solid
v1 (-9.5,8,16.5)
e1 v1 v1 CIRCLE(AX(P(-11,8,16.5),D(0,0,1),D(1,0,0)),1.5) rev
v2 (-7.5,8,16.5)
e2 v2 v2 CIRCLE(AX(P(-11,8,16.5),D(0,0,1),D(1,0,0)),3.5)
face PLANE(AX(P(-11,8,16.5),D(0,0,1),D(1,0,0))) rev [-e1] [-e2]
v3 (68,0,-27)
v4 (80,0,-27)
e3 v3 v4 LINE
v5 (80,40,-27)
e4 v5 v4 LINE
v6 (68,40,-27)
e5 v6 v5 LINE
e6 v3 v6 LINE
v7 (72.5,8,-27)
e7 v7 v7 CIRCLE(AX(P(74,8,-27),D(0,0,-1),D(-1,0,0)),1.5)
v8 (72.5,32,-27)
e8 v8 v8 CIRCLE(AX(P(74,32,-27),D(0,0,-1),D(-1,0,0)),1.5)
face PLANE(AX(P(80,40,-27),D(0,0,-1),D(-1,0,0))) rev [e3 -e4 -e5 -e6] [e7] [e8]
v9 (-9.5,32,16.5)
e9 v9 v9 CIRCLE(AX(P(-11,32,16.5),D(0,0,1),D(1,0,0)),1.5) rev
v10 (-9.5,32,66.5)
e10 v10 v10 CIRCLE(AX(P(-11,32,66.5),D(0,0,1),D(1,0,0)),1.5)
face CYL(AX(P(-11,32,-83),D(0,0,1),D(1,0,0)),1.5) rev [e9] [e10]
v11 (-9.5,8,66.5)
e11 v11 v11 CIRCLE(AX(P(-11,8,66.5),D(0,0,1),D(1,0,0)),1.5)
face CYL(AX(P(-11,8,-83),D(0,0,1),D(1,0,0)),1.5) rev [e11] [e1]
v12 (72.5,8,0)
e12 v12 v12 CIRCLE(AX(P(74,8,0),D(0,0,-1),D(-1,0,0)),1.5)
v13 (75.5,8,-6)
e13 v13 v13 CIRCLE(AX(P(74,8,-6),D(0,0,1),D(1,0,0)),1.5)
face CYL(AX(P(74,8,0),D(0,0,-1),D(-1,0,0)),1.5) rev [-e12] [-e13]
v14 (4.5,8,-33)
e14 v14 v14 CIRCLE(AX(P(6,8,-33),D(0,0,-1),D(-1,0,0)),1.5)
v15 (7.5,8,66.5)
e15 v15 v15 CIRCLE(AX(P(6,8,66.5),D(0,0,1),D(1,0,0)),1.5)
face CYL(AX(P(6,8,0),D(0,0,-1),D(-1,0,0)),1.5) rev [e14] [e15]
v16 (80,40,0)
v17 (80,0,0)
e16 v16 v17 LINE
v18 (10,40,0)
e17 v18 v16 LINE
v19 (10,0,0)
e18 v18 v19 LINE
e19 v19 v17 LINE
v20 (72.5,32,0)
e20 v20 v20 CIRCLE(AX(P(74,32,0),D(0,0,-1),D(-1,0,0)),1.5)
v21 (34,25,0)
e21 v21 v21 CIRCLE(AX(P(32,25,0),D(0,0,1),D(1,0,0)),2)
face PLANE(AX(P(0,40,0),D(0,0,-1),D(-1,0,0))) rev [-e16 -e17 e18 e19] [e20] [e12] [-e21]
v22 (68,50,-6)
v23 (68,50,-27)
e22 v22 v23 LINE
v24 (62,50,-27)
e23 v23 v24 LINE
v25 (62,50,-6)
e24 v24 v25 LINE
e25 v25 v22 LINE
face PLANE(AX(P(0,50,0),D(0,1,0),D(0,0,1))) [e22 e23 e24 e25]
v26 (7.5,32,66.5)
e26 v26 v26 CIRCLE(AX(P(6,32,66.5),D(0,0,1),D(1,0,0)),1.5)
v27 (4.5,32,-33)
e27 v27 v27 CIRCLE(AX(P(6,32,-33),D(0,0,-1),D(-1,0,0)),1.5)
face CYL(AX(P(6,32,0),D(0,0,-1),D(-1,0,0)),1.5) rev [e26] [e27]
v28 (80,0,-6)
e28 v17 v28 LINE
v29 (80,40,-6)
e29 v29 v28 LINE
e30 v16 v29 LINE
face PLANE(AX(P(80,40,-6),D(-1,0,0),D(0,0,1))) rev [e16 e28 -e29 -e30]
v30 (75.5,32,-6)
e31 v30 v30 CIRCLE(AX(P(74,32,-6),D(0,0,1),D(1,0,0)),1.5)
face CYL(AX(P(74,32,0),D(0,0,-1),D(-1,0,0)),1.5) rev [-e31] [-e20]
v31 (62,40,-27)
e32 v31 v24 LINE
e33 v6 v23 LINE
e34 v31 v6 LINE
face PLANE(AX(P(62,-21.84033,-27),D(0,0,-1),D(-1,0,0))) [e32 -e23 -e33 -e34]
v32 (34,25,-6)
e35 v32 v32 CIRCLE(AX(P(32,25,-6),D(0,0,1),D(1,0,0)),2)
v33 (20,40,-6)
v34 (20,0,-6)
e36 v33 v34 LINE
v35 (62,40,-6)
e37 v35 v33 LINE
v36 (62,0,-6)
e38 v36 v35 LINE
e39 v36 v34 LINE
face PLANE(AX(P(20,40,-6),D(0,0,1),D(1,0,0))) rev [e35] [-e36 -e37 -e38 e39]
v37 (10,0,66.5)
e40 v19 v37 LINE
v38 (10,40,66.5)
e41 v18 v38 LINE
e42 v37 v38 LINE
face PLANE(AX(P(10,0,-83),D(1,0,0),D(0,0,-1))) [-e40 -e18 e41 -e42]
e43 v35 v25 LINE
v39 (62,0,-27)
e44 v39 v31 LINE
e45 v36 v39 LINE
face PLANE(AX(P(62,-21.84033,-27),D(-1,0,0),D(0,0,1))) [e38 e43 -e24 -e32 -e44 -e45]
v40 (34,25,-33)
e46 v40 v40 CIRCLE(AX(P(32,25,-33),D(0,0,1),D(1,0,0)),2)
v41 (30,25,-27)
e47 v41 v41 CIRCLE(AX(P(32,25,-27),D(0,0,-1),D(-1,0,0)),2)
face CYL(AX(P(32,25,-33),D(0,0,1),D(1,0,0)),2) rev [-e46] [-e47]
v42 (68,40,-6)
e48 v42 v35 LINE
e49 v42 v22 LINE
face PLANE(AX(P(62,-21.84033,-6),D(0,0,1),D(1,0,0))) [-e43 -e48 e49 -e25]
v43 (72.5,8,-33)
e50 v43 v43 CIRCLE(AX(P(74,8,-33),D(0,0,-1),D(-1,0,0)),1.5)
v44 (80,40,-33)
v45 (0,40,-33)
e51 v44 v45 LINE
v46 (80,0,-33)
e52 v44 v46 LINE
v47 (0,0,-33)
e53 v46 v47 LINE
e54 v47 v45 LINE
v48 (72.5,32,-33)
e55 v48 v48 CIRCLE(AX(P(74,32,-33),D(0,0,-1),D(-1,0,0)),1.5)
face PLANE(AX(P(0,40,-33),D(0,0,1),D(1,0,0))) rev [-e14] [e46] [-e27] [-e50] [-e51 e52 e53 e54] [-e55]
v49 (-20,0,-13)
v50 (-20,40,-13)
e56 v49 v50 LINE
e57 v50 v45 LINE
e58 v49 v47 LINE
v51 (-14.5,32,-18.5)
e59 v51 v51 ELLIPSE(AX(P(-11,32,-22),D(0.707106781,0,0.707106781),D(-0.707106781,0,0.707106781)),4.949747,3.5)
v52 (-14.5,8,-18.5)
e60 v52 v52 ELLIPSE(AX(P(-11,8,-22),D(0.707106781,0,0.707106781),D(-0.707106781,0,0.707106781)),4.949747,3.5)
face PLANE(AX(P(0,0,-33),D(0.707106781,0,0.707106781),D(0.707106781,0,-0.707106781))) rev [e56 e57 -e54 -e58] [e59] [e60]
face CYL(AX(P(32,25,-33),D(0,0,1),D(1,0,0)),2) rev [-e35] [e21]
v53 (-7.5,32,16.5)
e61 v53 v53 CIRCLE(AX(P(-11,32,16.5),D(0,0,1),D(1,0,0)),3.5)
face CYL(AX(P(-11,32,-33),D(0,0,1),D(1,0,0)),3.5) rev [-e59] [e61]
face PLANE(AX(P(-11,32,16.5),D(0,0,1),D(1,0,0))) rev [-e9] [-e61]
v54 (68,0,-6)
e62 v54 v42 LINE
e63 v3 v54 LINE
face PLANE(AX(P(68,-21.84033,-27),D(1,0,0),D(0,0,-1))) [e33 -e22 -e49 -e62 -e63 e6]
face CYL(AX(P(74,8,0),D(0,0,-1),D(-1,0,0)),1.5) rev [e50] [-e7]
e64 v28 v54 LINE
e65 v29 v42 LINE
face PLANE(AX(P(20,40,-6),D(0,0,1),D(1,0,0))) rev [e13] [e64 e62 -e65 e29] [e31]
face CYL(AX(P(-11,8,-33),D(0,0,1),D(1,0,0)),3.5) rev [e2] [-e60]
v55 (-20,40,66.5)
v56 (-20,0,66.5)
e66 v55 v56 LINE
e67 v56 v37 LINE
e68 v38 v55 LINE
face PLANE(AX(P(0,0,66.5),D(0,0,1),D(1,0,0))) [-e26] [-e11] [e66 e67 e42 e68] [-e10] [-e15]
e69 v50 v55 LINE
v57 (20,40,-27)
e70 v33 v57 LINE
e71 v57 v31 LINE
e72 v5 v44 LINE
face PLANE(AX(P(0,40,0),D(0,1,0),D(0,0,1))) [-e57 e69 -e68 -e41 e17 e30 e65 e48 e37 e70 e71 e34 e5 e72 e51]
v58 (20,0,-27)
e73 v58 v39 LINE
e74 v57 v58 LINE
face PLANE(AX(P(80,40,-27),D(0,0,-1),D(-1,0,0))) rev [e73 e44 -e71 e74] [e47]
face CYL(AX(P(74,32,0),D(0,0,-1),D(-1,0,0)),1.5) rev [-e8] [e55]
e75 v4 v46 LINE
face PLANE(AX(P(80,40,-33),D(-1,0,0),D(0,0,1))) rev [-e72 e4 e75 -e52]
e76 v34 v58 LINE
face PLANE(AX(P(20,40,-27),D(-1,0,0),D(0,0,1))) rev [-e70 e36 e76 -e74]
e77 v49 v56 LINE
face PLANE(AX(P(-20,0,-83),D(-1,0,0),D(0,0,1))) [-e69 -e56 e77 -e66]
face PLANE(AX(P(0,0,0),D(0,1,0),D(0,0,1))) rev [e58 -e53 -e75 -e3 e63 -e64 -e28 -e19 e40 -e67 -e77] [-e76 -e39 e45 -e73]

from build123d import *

# Parameters (mm, degrees)
EXTRUDE_1_DEPTH             = 40
SKETCH_8_R                  = 1.5
CUT_EXTRUDE_2_DEPTH         = 96.336247042
SKETCH_12_W                 = 30
SKETCH_12_H                 = 40
SKETCH_12_R                 = 1.5
EXTRUDE_7_DEPTH             = 66.5
EXTRUDE_7_DIRECTION_2_REACH = 97.336
CUT_EXTRUDE_3_DEPTH         = 112.45514793
CUT_EXTRUDE_START           = -50
SKETCH_15_R                 = 3.5
CUT_EXTRUDE_4_DEPTH         = 84.791815893
SKETCH_16_W                 = 6
SKETCH_16_H                 = 21
EXTRUDE_9_DEPTH             = 10
EXTRUDE_9_DIRECTION_2_REACH = 113.455
SKETCH_17_R                 = 2
CUT_EXTRUDE_5_DEPTH         = 116.422051619


with BuildPart() as part:
    # 草图1 → 凸台-拉伸1 (new body)
    with BuildSketch(Plane(origin=(0, 0, 0), x_dir=(1, 0, 0), z_dir=(0, 1, 0))):
        Polygon((0, 0), (80, 0), (80, 6), (20, 6), (20, 27), (80, 27), (80, 33), (0, 33), align=None)
    extrude(amount=EXTRUDE_1_DEPTH)

    # 草图8 → 切除-拉伸2 (cut, through all)
    with BuildSketch(Plane(origin=(0, 0, -33), x_dir=(-1, 0, 0), z_dir=(0, 0, -1))):
        with Locations((-74, 8)):
            Circle(SKETCH_8_R)
        with Locations((-74, 32)):
            Circle(SKETCH_8_R)
        with Locations((-6, 32)):
            Circle(SKETCH_8_R)
        with Locations((-6, 8)):
            Circle(SKETCH_8_R)
    extrude(amount=-CUT_EXTRUDE_2_DEPTH, mode=Mode.SUBTRACT)

    # 草图12 → 凸台-拉伸7 (add)
    with BuildSketch(Plane.XY):
        with Locations((-5, 20)):
            Rectangle(SKETCH_12_W, SKETCH_12_H)
        with Locations((-11, 32)):
            Circle(SKETCH_12_R, mode=Mode.SUBTRACT)
        with Locations((-11, 8)):
            Circle(SKETCH_12_R, mode=Mode.SUBTRACT)
        with Locations(Location((6, 8, 0), (0, 0, 180))):
            Circle(SKETCH_12_R, mode=Mode.SUBTRACT)
        with Locations(Location((6, 32, 0), (0, 0, 180))):
            Circle(SKETCH_12_R, mode=Mode.SUBTRACT)
    extrude(amount=EXTRUDE_7_DEPTH)

    # 凸台-拉伸7 direction 2: up to this face of the body (flat: up to its plane)
    extrude_7_direction_2_end = Plane(part.part.faces().sort_by_distance((40, 20, -33))[0])
    # 草图12 → 凸台-拉伸7 direction 2 (add, up to the picked face)
    with BuildSketch(Plane.XY, mode=Mode.PRIVATE) as extrude_7_direction_2_sk1:
        with Locations((-5, 20)):
            Rectangle(SKETCH_12_W, SKETCH_12_H)
        with Locations((-11, 32)):
            Circle(SKETCH_12_R, mode=Mode.SUBTRACT)
        with Locations((-11, 8)):
            Circle(SKETCH_12_R, mode=Mode.SUBTRACT)
        with Locations(Location((6, 8, 0), (0, 0, 180))):
            Circle(SKETCH_12_R, mode=Mode.SUBTRACT)
        with Locations(Location((6, 32, 0), (0, 0, 180))):
            Circle(SKETCH_12_R, mode=Mode.SUBTRACT)
    extrude_7_direction_2_tool1 = split(extrude(extrude_7_direction_2_sk1.sketch, amount=-EXTRUDE_7_DIRECTION_2_REACH, mode=Mode.PRIVATE), bisect_by=extrude_7_direction_2_end, keep=Keep.BOTH, mode=Mode.PRIVATE)
    add(extrude_7_direction_2_tool1.solids().sort_by(Axis((-5.060326, 20, 0), (0, 0, -1)))[0])

    # 草图14 → 切除-拉伸3 (cut, through all)
    with BuildSketch(Plane(origin=(0, 40, 0), x_dir=(1, 0, 0), z_dir=(0, 1, 0))):
        Polygon((-20, 33), (0, 33), (-20, 13), align=None)
    extrude(amount=-CUT_EXTRUDE_3_DEPTH, mode=Mode.SUBTRACT)

    # 草图15 → 切除-拉伸4 (cut, through all)
    with BuildSketch(Plane.XY.offset(66.5).offset(CUT_EXTRUDE_START)):
        with Locations((-11, 32)):
            Circle(SKETCH_15_R)
        with Locations((-11, 8)):
            Circle(SKETCH_15_R)
    extrude(amount=-CUT_EXTRUDE_4_DEPTH, mode=Mode.SUBTRACT)

    # 草图16 → 凸台-拉伸9 (add)
    with BuildSketch(Plane(origin=(0, 40, 0), x_dir=(1, 0, 0), z_dir=(0, 1, 0))):
        with Locations((65, 16.5)):
            Rectangle(SKETCH_16_W, SKETCH_16_H)
    extrude(amount=EXTRUDE_9_DEPTH)

    # 凸台-拉伸9 direction 2: up to this face of the body (flat: up to its plane)
    extrude_9_direction_2_end = Plane(part.part.faces().sort_by_distance((7.48152977, 0, 9.893198609))[0])
    # 草图16 → 凸台-拉伸9 direction 2 (add, up to the picked face)
    with BuildSketch(Plane(origin=(0, 40, 0), x_dir=(1, 0, 0), z_dir=(0, 1, 0)), mode=Mode.PRIVATE) as extrude_9_direction_2_sk1:
        with Locations((65, 16.5)):
            Rectangle(SKETCH_16_W, SKETCH_16_H)
    extrude_9_direction_2_tool1 = split(extrude(extrude_9_direction_2_sk1.sketch, amount=-EXTRUDE_9_DIRECTION_2_REACH, mode=Mode.PRIVATE), bisect_by=extrude_9_direction_2_end, keep=Keep.BOTH, mode=Mode.PRIVATE)
    add(extrude_9_direction_2_tool1.solids().sort_by(Axis((65, 40, -16.5), (0, -1, 0)))[0])

    # 草图17 → 切除-拉伸5 (cut, through all)
    with BuildSketch(Plane.XY):
        with Locations((32, 25)):
            Circle(SKETCH_17_R)
    extrude(amount=-CUT_EXTRUDE_5_DEPTH, mode=Mode.SUBTRACT)


solid = part.part
